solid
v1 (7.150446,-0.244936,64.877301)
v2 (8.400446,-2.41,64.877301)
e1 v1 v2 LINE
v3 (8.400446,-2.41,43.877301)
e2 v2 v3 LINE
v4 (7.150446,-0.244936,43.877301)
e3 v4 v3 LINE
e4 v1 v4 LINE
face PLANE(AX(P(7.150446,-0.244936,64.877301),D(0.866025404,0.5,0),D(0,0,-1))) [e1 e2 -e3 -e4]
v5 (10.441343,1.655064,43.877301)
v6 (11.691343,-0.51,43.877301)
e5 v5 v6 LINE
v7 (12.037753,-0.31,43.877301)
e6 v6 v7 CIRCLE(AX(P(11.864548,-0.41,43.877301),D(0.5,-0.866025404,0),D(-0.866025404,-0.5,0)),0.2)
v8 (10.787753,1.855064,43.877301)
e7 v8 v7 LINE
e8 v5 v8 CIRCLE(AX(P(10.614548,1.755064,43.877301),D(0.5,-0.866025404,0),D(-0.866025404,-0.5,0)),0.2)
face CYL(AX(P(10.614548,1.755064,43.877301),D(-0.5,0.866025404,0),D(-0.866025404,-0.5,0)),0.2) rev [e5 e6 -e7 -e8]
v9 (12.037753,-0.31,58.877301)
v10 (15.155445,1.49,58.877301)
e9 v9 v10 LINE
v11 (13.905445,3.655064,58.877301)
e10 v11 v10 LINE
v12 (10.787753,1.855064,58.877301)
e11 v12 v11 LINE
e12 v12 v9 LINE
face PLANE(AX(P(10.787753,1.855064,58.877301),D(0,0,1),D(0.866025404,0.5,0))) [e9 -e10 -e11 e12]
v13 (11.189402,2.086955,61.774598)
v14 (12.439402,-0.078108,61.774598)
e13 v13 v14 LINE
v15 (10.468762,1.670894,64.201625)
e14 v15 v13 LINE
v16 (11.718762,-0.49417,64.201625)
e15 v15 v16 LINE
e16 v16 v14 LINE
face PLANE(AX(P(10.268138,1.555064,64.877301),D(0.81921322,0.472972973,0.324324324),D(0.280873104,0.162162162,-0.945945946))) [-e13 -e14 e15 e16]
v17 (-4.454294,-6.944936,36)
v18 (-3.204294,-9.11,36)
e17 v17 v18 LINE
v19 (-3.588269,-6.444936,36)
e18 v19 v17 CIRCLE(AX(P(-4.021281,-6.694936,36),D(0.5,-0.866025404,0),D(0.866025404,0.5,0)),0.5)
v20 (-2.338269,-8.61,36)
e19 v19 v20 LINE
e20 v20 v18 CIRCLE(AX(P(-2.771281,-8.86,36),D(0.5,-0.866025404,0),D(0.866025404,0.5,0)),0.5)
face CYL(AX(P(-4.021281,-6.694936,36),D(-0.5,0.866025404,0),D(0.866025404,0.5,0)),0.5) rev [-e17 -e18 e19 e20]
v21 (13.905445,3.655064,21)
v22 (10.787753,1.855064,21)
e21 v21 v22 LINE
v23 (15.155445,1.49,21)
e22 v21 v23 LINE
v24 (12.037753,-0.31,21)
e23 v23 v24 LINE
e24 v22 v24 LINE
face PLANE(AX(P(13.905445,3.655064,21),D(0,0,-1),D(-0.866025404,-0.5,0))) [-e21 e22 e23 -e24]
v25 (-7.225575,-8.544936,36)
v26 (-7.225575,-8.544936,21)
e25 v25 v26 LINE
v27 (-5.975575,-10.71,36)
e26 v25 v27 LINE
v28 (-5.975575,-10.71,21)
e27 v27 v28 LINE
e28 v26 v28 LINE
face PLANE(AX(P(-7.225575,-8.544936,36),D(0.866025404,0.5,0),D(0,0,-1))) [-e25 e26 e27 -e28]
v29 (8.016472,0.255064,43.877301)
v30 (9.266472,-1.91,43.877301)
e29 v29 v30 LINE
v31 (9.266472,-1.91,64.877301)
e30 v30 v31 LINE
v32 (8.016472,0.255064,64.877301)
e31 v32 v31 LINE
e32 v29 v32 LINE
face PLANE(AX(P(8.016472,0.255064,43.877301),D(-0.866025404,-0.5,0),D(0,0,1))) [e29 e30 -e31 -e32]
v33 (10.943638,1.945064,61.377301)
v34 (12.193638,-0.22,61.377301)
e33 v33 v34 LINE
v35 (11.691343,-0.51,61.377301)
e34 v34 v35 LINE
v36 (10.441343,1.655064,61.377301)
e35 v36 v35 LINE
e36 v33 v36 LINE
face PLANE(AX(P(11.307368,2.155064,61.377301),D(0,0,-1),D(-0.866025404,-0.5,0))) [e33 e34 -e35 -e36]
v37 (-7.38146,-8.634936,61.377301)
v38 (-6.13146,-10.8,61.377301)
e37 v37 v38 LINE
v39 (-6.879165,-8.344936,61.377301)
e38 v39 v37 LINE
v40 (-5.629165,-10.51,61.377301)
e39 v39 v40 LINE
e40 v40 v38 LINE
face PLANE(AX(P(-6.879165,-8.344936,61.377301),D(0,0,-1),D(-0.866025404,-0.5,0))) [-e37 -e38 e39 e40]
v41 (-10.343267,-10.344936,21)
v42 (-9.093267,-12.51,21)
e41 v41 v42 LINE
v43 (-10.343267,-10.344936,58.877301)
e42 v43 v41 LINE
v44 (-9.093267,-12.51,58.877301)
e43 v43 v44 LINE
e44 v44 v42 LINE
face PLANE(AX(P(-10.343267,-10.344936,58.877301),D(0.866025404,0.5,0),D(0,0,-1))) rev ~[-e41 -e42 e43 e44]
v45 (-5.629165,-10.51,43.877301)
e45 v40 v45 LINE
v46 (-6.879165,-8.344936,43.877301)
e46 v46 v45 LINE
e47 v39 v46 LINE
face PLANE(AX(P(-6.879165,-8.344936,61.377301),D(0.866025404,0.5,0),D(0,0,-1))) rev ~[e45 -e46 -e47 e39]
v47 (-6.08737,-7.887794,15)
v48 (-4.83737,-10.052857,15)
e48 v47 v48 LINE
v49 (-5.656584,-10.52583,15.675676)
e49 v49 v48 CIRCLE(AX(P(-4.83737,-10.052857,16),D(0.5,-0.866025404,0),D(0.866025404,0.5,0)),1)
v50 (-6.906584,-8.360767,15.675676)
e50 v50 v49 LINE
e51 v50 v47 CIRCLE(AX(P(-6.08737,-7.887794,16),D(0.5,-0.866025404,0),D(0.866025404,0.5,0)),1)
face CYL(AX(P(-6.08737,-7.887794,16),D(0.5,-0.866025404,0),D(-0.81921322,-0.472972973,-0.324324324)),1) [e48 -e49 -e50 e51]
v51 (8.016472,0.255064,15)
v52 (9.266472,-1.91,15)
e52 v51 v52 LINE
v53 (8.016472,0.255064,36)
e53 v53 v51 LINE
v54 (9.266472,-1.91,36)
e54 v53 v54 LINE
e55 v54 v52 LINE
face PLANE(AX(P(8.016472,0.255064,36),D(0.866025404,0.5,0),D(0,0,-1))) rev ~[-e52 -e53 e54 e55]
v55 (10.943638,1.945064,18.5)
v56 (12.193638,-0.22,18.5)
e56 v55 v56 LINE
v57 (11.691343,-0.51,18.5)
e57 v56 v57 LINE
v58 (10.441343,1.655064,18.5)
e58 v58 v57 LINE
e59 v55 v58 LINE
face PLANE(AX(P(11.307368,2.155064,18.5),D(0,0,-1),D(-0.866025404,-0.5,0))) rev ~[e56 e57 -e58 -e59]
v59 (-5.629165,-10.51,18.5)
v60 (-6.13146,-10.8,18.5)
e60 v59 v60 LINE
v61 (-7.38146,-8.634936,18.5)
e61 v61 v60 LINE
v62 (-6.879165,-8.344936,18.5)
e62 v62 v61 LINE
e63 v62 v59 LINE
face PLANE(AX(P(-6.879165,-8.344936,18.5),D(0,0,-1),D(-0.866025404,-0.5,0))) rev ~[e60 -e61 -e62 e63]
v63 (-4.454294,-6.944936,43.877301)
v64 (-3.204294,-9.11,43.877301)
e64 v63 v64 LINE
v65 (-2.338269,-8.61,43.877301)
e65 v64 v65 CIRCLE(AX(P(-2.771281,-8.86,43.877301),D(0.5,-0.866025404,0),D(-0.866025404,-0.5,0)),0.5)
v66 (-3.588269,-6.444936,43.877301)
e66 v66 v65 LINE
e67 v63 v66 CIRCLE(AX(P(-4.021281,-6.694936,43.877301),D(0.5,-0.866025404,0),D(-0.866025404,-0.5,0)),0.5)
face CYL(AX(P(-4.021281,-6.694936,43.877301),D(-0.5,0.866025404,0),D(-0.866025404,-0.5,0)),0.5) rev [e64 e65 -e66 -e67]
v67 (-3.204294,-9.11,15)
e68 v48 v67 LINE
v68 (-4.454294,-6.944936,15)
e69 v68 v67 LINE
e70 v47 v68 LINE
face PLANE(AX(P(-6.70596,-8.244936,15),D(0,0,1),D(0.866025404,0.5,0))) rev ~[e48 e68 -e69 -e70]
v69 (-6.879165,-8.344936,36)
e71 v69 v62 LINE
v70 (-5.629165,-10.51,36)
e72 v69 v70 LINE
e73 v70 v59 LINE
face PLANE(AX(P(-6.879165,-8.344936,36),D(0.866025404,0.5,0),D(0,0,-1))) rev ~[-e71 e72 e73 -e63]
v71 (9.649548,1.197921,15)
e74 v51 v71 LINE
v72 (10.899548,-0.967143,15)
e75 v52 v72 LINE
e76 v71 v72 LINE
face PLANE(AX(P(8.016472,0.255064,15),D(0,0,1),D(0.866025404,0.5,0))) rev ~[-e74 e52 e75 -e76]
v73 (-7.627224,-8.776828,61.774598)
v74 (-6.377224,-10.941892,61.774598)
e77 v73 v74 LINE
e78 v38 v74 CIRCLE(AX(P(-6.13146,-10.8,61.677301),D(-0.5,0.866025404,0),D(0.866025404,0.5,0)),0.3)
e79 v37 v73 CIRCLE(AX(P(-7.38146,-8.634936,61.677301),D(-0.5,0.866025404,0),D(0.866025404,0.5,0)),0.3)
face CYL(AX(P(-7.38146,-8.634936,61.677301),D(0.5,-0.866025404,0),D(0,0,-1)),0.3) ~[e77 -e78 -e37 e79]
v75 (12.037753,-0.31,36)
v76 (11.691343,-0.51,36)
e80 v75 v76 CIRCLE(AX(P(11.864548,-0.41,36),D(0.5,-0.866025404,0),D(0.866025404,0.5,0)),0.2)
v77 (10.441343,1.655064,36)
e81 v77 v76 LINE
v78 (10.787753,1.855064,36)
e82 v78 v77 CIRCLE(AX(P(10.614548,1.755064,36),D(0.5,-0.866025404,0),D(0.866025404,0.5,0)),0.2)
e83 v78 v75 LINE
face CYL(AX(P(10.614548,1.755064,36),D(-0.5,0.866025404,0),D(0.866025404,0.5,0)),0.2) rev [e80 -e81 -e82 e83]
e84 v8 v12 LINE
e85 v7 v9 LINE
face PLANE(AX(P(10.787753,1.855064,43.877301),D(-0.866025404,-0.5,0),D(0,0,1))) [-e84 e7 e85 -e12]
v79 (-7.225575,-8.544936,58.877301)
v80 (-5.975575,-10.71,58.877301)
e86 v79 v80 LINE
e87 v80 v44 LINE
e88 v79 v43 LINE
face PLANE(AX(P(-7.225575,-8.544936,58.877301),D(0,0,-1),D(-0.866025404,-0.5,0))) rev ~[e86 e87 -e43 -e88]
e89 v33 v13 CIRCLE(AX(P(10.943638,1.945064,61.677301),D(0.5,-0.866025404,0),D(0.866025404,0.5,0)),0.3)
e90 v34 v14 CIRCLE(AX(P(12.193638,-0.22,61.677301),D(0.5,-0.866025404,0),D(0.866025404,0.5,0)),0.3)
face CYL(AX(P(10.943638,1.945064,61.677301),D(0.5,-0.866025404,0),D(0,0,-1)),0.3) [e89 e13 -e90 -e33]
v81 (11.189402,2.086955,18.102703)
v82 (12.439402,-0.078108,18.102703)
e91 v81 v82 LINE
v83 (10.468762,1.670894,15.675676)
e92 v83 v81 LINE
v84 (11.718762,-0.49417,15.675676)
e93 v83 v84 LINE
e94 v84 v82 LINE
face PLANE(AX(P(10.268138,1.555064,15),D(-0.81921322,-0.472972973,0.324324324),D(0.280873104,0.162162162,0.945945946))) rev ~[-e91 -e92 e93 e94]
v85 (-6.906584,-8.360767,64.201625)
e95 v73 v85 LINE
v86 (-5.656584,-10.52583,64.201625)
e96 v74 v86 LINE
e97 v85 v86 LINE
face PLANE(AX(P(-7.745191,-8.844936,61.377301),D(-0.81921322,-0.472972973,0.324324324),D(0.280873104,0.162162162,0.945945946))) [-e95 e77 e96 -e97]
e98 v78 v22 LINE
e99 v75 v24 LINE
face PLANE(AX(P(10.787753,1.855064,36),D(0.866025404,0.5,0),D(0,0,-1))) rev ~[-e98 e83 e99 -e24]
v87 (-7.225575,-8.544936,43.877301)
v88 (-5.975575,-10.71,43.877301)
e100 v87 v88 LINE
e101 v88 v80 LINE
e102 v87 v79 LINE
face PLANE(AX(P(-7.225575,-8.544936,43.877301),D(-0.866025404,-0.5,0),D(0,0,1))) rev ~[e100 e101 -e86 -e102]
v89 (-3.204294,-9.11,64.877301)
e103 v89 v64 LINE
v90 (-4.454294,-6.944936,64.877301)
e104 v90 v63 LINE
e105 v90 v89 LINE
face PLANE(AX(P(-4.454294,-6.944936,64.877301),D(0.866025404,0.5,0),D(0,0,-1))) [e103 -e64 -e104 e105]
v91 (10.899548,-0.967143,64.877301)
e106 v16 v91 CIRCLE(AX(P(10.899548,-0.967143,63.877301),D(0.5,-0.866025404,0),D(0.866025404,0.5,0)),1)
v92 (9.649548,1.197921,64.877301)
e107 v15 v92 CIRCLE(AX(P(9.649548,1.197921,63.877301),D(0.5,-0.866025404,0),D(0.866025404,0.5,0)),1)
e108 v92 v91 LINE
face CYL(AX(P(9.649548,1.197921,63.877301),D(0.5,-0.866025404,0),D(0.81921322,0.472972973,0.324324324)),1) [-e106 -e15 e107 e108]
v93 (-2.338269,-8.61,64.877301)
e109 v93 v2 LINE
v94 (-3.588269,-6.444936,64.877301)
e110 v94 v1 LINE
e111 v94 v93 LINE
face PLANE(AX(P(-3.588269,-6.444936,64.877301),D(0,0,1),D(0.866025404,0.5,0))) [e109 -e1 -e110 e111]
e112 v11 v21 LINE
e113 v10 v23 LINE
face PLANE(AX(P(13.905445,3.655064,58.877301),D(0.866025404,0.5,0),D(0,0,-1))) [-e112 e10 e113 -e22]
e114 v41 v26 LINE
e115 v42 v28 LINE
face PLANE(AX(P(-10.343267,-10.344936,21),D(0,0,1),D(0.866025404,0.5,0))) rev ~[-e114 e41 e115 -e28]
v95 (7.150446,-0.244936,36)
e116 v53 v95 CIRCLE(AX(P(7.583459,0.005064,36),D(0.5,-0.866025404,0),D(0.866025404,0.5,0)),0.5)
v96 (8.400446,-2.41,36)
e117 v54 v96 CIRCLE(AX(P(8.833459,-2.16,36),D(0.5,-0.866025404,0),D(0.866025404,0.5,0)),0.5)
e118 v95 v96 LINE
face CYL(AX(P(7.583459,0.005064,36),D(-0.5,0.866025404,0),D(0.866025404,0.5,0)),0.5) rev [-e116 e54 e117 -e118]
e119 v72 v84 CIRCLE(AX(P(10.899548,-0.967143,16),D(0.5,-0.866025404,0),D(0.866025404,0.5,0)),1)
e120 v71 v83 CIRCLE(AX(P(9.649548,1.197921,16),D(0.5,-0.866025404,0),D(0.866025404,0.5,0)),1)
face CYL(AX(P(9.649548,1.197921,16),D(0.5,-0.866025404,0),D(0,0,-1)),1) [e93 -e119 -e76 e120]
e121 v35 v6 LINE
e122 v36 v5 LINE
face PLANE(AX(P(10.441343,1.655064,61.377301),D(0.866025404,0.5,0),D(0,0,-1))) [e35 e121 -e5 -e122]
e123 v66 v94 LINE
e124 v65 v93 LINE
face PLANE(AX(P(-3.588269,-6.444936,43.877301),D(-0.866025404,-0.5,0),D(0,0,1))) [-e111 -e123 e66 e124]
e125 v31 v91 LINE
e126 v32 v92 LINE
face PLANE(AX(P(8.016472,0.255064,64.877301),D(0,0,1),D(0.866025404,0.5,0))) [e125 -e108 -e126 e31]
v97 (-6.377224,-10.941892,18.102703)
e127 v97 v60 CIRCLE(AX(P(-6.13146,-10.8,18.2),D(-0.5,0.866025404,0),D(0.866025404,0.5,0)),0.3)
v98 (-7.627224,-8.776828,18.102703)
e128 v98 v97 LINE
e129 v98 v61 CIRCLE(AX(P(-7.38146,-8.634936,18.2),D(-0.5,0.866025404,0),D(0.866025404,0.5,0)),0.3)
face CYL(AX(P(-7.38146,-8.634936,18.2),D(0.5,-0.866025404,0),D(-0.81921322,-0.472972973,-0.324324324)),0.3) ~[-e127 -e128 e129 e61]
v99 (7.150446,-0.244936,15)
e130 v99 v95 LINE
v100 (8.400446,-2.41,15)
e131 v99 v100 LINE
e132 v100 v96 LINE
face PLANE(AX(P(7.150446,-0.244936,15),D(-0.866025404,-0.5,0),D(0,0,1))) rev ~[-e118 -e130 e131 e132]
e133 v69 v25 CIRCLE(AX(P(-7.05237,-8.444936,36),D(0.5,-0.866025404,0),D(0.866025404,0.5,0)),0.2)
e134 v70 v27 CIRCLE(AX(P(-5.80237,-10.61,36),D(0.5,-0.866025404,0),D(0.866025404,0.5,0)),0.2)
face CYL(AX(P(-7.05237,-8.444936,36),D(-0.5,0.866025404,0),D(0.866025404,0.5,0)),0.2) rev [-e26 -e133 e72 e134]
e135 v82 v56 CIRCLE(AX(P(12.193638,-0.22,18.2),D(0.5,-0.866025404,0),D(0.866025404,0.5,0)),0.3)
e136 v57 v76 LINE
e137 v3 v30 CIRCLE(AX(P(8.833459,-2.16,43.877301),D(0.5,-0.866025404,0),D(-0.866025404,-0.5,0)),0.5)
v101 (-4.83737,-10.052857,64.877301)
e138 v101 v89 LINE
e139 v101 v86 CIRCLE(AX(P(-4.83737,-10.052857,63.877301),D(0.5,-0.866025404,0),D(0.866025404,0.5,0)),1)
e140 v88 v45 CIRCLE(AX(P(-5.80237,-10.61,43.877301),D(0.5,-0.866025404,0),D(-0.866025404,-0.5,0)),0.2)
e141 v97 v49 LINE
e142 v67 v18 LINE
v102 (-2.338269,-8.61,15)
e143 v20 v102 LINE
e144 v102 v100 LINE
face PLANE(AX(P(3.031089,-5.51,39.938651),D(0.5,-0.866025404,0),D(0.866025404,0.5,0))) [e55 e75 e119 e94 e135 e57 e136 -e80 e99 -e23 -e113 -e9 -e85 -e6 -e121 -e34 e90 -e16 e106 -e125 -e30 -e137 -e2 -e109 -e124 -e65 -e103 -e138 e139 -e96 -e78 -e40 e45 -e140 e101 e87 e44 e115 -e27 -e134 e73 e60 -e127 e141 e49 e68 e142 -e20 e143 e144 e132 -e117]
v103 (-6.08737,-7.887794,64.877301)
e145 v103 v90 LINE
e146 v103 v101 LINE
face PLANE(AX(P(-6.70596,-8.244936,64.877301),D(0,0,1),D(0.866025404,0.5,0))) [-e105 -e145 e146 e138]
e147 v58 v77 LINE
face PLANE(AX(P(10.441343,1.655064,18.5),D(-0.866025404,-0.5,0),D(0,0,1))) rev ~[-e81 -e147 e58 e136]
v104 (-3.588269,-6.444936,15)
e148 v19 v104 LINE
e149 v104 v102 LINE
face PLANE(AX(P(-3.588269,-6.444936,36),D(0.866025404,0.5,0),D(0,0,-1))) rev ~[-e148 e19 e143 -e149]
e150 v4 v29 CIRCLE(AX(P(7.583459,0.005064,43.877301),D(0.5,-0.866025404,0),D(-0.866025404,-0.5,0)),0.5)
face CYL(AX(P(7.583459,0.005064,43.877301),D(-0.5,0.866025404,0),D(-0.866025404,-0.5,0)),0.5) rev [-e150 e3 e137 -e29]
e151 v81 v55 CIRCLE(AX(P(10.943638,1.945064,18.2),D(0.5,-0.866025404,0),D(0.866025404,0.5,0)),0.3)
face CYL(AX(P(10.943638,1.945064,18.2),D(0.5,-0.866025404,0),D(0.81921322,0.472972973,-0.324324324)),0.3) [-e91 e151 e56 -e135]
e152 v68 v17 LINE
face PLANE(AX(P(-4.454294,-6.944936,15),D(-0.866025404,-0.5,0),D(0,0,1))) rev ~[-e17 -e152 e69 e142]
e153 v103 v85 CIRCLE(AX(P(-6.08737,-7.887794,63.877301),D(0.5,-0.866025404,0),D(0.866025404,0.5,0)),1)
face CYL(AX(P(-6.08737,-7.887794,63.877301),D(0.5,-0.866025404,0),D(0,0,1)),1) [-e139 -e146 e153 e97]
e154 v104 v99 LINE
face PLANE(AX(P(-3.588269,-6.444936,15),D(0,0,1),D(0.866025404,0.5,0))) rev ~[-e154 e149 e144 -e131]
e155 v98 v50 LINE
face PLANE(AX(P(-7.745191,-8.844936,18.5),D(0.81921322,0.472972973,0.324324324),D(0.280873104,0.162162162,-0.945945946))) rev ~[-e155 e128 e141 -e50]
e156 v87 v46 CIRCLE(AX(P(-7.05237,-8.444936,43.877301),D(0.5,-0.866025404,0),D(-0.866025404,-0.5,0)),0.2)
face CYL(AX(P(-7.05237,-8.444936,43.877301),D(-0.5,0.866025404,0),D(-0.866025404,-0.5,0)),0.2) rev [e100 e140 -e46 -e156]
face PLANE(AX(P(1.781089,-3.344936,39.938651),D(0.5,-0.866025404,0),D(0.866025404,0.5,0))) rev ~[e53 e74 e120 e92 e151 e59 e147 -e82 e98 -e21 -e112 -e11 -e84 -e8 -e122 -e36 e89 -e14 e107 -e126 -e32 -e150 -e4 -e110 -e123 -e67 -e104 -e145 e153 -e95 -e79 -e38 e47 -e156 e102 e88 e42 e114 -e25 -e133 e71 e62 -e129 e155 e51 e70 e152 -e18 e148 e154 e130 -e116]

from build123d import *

# Parameters (mm, degrees)
PAD003_DEPTH = 2.5
FILLET002_R  = 1
FILLET003_R  = 0.3


with BuildPart() as part:
    # Sketch033 (on Face94 of Binder) → Pad003 (new body)
    with BuildSketch(Plane(origin=(1.8936722157, -3.2799364905, 0), x_dir=(0.8660254038, 0.5, 0), z_dir=(0.5, -0.8660254038, 0))):
        with BuildLine():
            Line((-10.53, 58.8773011628), (-14.13, 58.8773011628))
            Line((-14.13, 58.8773011628), (-14.13, 21))
            Line((-14.13, 21), (-10.53, 21))
            Line((-10.53, 36), (-10.53, 21))
            ThreePointArc((-10.13, 36), (-10.33, 36.2), (-10.53, 36))
            Line((-10.13, 21), (-10.13, 36))
            Line((-10.13, 21), (-10.13, 18.5))
            Line((-10.13, 18.5), (-11.13, 18.5))
            Line((-11.13, 18.5), (-9.93, 15))
            Line((-9.93, 15), (-7.33, 15))
            Line((-7.33, 15), (-7.33, 36))
            ThreePointArc((-6.33, 36), (-6.83, 36.5), (-7.33, 36))
            Line((-6.33, 36), (-6.33, 15))
            Line((-6.33, 15), (6.07, 15))
            Line((6.07, 15), (6.07, 36))
            ThreePointArc((7.07, 36), (6.57, 36.5), (6.07, 36))
            Line((7.07, 36), (7.07, 15))
            Line((7.07, 15), (9.67, 15))
            Line((9.67, 15), (10.87, 18.5))
            Line((10.87, 18.5), (9.87, 18.5))
            Line((9.87, 21), (9.87, 18.5))
            Line((9.87, 21), (9.87, 36))
            ThreePointArc((10.27, 36), (10.07, 36.2), (9.87, 36))
            Line((10.27, 36), (10.27, 21))
            Line((13.87, 21), (10.27, 21))
            Line((13.87, 58.8773011628), (13.87, 21))
            Line((10.27, 58.8773011628), (13.87, 58.8773011628))
            Line((10.27, 43.8773011628), (10.27, 58.8773011628))
            ThreePointArc((9.87, 43.8773011628), (10.07, 43.6773011628), (10.27, 43.8773011628))
            Line((9.87, 58.8773011628), (9.87, 43.8773011628))
            Line((9.87, 61.3773011628), (9.87, 58.8773011628))
            Line((10.87, 61.3773011628), (9.87, 61.3773011628))
            Line((9.67, 64.8773011628), (10.87, 61.3773011628))
            Line((7.07, 64.8773011628), (9.67, 64.8773011628))
            Line((7.07, 43.8773011628), (7.07, 64.8773011628))
            ThreePointArc((6.07, 43.8773011628), (6.57, 43.3773011628), (7.07, 43.8773011628))
            Line((6.07, 64.8773011628), (6.07, 43.8773011628))
            Line((-6.33, 64.8773011628), (6.07, 64.8773011628))
            Line((-6.33, 43.8773011628), (-6.33, 64.8773011628))
            ThreePointArc((-7.33, 43.8773011628), (-6.83, 43.3773011628), (-6.33, 43.8773011628))
            Line((-7.33, 64.8773011628), (-7.33, 43.8773011628))
            Line((-9.93, 64.8773011628), (-7.33, 64.8773011628))
            Line((-11.13, 61.3773011628), (-9.93, 64.8773011628))
            Line((-10.13, 61.3773011628), (-11.13, 61.3773011628))
            Line((-10.13, 58.8773011628), (-10.13, 61.3773011628))
            Line((-10.13, 58.8773011628), (-10.13, 43.8773011628))
            ThreePointArc((-10.53, 43.8773011628), (-10.33, 43.6773011628), (-10.13, 43.8773011628))
            Line((-10.53, 43.8773011628), (-10.53, 58.8773011628))
        make_face()
    extrude(amount=PAD003_DEPTH)

    # Fillet002
    fillet002_edges = [part.edges().sort_by_distance(p)[0] for p in [
        (10.893138, 0.472532, 15),
        (-6.08096, -9.327468, 15),
        (-6.08096, -9.327468, 64.877301),
        (10.893138, 0.472532, 64.877301),
    ]]
    fillet(fillet002_edges, radius=FILLET002_R)

    # Fillet003
    fillet003_edges = [part.edges().sort_by_distance(p)[0] for p in [
        (11.932368, 1.072532, 18.5),
        (-7.120191, -9.927468, 18.5),
        (-7.120191, -9.927468, 61.377301),
        (11.932368, 1.072532, 61.377301),
    ]]
    fillet(fillet003_edges, radius=FILLET003_R)


solid = part.part
